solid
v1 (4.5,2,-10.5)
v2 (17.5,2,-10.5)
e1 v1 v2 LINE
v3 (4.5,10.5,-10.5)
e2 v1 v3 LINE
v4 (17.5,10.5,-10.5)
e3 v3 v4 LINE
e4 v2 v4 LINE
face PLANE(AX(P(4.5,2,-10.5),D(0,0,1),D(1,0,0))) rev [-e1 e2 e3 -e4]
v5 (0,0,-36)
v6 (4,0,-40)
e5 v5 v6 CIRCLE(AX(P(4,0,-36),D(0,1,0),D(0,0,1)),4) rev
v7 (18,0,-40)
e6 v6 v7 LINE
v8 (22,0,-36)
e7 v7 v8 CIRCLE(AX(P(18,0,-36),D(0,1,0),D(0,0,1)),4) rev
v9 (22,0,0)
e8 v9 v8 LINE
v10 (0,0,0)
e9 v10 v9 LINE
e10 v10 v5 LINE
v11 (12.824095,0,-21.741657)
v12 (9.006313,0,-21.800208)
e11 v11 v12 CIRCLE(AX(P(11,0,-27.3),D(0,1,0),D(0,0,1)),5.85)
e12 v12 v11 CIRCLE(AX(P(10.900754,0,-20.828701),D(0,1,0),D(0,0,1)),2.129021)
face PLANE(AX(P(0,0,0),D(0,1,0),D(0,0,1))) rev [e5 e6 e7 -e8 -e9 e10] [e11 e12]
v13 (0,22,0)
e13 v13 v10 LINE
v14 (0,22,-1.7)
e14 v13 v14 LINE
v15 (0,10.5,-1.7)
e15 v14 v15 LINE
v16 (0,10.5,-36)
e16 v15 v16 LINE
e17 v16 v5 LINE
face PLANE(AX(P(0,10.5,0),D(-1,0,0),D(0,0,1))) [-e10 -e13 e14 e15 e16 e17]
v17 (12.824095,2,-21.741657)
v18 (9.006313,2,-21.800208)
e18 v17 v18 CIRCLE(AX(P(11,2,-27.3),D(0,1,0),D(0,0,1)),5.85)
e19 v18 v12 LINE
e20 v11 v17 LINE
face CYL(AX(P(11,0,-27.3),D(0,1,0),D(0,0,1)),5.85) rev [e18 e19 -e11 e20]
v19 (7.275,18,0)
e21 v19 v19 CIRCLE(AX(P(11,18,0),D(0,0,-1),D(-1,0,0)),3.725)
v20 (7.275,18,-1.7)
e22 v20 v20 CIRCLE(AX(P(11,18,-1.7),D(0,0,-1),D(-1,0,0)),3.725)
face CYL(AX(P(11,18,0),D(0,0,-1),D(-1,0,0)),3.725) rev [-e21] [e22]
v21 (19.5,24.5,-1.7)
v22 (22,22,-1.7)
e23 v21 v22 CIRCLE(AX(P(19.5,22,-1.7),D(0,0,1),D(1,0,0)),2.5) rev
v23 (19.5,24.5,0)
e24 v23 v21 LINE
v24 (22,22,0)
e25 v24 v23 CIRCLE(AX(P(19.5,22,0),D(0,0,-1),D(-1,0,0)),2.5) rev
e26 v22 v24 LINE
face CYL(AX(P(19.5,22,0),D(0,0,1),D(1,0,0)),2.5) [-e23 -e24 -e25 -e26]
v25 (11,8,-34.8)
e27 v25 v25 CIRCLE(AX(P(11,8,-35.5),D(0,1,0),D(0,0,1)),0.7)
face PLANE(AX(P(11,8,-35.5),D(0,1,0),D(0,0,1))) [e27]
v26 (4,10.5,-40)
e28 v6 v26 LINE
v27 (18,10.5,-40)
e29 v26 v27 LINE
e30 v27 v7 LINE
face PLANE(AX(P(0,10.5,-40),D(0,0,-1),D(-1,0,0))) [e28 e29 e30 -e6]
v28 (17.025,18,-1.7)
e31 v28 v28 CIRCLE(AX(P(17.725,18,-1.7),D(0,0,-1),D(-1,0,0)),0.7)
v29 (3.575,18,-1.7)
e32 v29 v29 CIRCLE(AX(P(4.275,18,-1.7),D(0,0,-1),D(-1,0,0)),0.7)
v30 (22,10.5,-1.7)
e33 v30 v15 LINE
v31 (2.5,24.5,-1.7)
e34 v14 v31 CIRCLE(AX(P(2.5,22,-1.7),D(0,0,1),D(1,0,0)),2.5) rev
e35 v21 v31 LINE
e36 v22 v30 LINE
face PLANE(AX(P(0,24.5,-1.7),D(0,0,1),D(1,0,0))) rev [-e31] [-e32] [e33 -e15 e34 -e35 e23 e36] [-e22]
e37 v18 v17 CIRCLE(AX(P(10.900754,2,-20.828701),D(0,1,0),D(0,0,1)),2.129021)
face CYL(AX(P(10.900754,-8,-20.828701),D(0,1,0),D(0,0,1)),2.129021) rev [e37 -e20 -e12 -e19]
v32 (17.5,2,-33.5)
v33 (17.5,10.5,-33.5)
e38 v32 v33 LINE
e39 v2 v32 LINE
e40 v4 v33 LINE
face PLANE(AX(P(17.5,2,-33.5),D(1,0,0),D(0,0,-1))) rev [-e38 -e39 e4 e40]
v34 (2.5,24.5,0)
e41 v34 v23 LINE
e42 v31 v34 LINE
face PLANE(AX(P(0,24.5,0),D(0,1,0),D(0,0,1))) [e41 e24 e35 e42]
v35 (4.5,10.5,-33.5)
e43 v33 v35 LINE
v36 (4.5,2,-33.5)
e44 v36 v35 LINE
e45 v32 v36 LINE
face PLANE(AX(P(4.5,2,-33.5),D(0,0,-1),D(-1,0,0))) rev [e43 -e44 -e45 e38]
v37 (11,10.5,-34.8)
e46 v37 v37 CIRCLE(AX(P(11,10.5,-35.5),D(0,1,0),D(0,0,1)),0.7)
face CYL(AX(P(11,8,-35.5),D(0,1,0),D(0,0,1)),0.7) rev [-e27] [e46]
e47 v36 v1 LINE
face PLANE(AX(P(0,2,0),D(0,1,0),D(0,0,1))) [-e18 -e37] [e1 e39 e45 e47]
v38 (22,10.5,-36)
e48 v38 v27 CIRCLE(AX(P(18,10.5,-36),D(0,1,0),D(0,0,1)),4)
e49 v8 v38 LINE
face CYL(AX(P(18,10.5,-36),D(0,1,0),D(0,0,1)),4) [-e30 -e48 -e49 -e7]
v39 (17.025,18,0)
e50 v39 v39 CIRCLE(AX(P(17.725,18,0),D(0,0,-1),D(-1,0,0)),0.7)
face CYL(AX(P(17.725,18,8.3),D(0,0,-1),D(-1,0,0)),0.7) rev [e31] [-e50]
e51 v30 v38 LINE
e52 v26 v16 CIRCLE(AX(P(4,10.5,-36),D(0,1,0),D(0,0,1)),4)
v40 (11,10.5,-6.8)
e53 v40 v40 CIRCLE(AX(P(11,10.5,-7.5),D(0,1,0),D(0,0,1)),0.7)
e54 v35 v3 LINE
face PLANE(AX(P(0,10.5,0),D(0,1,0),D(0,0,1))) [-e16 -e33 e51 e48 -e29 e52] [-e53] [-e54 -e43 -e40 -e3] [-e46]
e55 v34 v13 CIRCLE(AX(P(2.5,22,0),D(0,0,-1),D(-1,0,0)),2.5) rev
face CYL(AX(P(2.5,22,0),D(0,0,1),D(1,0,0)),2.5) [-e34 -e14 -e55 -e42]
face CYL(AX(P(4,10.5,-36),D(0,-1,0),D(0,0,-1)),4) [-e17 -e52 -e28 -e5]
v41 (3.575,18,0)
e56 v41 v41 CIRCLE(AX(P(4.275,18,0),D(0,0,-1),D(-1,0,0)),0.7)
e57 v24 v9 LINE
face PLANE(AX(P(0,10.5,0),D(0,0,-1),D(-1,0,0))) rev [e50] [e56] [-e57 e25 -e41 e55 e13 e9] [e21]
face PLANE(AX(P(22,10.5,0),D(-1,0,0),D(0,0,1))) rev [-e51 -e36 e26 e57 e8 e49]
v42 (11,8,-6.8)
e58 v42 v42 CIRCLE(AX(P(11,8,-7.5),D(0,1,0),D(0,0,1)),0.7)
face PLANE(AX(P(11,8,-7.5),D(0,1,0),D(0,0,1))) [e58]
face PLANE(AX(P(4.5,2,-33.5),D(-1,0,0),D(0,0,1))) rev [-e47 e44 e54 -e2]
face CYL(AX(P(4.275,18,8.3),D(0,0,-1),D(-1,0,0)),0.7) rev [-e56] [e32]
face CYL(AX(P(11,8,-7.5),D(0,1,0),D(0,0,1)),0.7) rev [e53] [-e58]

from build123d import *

# Parameters (mm, degrees)
SKETCH1_W           = 22
SKETCH1_H           = 40
BOSS_EXTRUDE1_DEPTH = 10.5
SKETCH2_W           = 13
SKETCH2_H           = 23
CUT_EXTRUDE1_DEPTH  = 8.5
SKETCH3_R           = 5.85
CUT_EXTRUDE2_DEPTH  = 47.435439053
SKETCH4_W           = 22
SKETCH4_H           = 1.7
BOSS_EXTRUDE2_DEPTH = 14
SKETCH5_R           = 3.725
CUT_EXTRUDE3_DEPTH  = 51.508811113
SKETCH5_3_R         = 3.725
SKETCH5_3_R_2       = 0.7
CUT_EXTRUDE4_DEPTH  = 10
SKETCH6_R           = 0.7
CUT_EXTRUDE5_DEPTH  = 2.5
FILLET1_R           = 4
FILLET2_R           = 2.5
CUT_EXTRUDE6_DEPTH  = 10


with BuildPart() as part:
    # Sketch1 → Boss-Extrude1 (new body)
    with BuildSketch(Plane(origin=(0, 0, 0), x_dir=(1, 0, 0), z_dir=(0, 1, 0))):
        with Locations((11, 20)):
            Rectangle(SKETCH1_W, SKETCH1_H)
    extrude(amount=BOSS_EXTRUDE1_DEPTH)

    # Sketch2 → Cut-Extrude1 (cut)
    with BuildSketch(Plane(origin=(0, 10.5, 0), x_dir=(1, 0, 0), z_dir=(0, 1, 0))):
        with Locations((11, 22)):
            Rectangle(SKETCH2_W, SKETCH2_H)
    extrude(amount=-CUT_EXTRUDE1_DEPTH, mode=Mode.SUBTRACT)

    # Sketch3 → Cut-Extrude2 (cut, through all)
    with BuildSketch(Plane(origin=(0, 2, 0), x_dir=(1, 0, 0), z_dir=(0, 1, 0))):
        with Locations((11, 27.3)):
            Circle(SKETCH3_R)
    extrude(amount=-CUT_EXTRUDE2_DEPTH, mode=Mode.SUBTRACT)

    # Sketch4 → Boss-Extrude2 (add)
    with BuildSketch(Plane(origin=(0, 10.5, 0), x_dir=(1, 0, 0), z_dir=(0, 1, 0))):
        with Locations((11, 0.85)):
            Rectangle(SKETCH4_W, SKETCH4_H)
    extrude(amount=BOSS_EXTRUDE2_DEPTH)

    # Sketch5 → Cut-Extrude3 (cut, through all)
    with BuildSketch(Plane(origin=(0, 0, -1.7), x_dir=(-1, 0, 0), z_dir=(0, 0, -1))):
        with Locations((-11, 18)):
            Circle(SKETCH5_R)
    extrude(amount=-CUT_EXTRUDE3_DEPTH, mode=Mode.SUBTRACT)

    # Sketch5<3> → Cut-Extrude4 (cut)
    with BuildSketch(Plane(origin=(0, 0, -1.7), x_dir=(-1, 0, 0), z_dir=(0, 0, -1))):
        with Locations((-11, 18)):
            Circle(SKETCH5_3_R)
        with Locations((-17.725, 18)):
            Circle(SKETCH5_3_R_2)
        with Locations((-4.275, 18)):
            Circle(SKETCH5_3_R_2)
    extrude(amount=-CUT_EXTRUDE4_DEPTH, mode=Mode.SUBTRACT)

    # Sketch6 → Cut-Extrude5 (cut)
    with BuildSketch(Plane(origin=(0, 10.5, 0), x_dir=(1, 0, 0), z_dir=(0, 1, 0))):
        with Locations((11, 35.5)):
            Circle(SKETCH6_R)
        with Locations((11, 7.5)):
            Circle(SKETCH6_R)
    extrude(amount=-CUT_EXTRUDE5_DEPTH, mode=Mode.SUBTRACT)

    # Fillet1
    fillet1_edges = [part.edges().sort_by_distance(p)[0] for p in [
        (0, 5.25, -40),
        (22, 5.25, -40),
    ]]
    fillet(fillet1_edges, radius=FILLET1_R)

    # Fillet2
    fillet2_edges = [part.edges().sort_by_distance(p)[0] for p in [
        (0, 24.5, -0.85),
        (22, 24.5, -0.85),
    ]]
    fillet(fillet2_edges, radius=FILLET2_R)

    # Sketch7 → Cut-Extrude6 (cut)
    with BuildSketch(Plane(origin=(0, 2, 0), x_dir=(1, 0, 0), z_dir=(0, 1, 0))):
        with BuildLine():
            ThreePointArc((9.023699499, 21.833388834), (10.872986109, 18.699861887), (12.803373856, 21.784088734))
            ThreePointArc((12.803373856, 21.784088734), (10.909436036, 21.494356303), (9.023699499, 21.833388834))
        make_face()
    extrude(amount=-CUT_EXTRUDE6_DEPTH, mode=Mode.SUBTRACT)


solid = part.part
